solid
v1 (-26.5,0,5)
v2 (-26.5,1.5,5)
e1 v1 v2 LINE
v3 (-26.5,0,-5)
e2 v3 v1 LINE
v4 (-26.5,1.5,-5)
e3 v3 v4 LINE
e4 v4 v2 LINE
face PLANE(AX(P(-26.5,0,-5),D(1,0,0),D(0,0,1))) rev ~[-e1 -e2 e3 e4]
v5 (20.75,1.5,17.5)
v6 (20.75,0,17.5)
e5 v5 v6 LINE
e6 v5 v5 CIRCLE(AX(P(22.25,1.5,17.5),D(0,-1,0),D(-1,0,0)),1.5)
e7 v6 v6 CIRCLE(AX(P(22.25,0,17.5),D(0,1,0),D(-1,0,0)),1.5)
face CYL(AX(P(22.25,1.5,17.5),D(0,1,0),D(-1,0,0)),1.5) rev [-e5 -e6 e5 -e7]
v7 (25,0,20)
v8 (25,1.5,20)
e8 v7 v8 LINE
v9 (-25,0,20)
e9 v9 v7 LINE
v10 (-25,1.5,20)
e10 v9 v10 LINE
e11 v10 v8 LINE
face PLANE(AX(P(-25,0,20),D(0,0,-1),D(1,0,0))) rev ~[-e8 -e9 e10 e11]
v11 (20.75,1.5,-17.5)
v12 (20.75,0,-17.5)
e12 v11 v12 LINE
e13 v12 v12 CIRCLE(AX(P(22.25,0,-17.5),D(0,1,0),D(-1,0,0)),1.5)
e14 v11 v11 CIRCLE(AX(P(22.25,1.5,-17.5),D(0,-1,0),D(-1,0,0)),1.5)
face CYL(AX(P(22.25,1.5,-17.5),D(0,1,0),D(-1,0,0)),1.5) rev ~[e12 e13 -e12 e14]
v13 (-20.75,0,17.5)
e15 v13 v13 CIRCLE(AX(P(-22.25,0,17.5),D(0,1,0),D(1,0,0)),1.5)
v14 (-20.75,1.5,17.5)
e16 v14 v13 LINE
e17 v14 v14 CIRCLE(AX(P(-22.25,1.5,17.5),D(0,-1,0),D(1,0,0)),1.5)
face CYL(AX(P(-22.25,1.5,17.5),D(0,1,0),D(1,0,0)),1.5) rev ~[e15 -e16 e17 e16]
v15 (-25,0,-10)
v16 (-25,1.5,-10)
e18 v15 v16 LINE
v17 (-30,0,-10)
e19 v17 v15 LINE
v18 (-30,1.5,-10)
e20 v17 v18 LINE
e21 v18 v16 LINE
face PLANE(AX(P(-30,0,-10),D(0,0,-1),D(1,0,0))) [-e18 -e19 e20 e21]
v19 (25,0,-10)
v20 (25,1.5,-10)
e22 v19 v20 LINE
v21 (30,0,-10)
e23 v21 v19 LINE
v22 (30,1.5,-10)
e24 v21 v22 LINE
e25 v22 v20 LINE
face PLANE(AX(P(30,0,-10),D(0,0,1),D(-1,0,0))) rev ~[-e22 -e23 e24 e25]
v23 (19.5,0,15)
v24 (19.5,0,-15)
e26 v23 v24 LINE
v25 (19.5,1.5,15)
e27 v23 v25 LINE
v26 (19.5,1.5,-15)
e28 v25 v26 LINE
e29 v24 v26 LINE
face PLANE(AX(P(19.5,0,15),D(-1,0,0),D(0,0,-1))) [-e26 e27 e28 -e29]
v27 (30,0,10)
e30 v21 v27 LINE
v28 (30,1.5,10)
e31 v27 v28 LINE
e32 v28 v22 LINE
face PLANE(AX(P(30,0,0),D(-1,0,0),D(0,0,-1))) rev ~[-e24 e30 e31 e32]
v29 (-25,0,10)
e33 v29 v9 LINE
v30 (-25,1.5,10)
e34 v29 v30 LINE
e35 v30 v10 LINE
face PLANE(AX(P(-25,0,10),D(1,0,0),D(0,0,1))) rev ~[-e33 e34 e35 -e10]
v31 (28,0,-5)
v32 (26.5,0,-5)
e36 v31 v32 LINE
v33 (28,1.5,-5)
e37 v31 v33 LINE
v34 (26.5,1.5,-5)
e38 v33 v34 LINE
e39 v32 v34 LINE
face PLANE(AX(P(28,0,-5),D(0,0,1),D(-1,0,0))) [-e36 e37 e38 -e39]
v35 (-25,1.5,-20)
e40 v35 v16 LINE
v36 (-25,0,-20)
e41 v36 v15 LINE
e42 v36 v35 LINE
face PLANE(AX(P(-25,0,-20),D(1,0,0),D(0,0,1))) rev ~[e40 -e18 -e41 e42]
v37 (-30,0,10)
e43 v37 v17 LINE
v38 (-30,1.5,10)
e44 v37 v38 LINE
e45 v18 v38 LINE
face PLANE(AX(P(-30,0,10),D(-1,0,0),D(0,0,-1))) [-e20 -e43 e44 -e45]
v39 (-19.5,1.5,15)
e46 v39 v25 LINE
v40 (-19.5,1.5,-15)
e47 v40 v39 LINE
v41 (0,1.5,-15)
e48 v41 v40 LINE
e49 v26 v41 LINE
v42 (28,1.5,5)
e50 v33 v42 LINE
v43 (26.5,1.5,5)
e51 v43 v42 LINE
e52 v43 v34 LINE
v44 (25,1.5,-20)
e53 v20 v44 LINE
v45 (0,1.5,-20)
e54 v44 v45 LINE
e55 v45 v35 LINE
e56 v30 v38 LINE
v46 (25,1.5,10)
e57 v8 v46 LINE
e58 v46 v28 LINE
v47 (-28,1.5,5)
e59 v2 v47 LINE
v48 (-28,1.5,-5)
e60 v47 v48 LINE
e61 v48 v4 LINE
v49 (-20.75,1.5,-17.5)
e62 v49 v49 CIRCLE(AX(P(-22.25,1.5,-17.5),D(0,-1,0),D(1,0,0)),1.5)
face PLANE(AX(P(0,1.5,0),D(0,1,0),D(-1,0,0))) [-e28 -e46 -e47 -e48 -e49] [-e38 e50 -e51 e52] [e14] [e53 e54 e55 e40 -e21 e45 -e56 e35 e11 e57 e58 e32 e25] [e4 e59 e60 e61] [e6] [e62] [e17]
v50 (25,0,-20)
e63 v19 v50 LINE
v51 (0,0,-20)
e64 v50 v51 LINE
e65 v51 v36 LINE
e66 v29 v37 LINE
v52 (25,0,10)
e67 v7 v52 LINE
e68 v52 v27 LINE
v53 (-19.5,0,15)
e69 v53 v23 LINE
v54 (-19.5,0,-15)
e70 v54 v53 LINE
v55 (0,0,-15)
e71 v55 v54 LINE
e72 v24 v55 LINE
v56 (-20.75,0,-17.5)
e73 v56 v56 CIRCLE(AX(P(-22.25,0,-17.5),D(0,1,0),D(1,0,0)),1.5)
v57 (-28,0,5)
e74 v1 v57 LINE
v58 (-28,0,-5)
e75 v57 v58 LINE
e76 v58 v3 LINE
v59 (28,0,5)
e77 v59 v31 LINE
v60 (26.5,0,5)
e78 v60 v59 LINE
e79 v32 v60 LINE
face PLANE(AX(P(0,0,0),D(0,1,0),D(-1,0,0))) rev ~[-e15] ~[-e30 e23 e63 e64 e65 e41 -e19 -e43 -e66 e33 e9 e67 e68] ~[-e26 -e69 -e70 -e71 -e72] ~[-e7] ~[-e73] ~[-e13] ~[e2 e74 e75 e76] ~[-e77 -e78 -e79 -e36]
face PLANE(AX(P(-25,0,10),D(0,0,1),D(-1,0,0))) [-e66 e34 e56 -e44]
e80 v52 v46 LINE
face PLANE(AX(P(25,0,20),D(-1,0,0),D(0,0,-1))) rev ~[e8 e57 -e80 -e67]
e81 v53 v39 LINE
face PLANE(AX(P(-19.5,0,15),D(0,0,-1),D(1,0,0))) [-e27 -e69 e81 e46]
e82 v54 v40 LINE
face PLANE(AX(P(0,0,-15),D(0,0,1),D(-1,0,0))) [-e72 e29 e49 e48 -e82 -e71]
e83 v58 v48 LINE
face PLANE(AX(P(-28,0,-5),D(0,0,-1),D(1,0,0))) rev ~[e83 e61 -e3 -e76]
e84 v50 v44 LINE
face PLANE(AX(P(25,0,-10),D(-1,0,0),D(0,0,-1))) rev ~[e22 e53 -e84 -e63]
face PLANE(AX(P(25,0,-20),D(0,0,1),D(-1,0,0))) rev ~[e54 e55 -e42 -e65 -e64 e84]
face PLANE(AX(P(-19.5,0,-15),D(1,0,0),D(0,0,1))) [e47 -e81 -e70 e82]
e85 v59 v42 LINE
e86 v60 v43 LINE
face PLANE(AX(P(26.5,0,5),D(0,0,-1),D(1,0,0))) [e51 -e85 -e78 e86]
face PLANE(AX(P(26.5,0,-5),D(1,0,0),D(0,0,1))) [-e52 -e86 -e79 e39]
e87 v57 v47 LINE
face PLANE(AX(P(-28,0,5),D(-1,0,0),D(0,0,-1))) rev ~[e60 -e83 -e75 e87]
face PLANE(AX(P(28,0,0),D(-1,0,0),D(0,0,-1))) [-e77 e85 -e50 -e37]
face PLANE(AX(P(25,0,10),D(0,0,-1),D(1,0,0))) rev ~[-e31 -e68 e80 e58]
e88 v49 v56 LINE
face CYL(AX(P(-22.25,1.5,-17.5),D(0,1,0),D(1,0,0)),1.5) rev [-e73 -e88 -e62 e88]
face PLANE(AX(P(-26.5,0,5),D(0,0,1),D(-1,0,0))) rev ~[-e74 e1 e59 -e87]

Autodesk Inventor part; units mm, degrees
ref_plane "YZ Plane" through (0, 0, 0) normal (1, 0, 0) x (0, 1, 0)
sketch "Sketch1" plane through (0, 0, 0) normal (0, 1, 0) x (-1, 0, 0)
  circle A0 centre (0, 0) radius 8.5
  line L0 (19.5, 15) -> (-19.5, 15)
  line L1 (-19.5, 15) -> (-19.5, -15)
  line L2 (-19.5, -15) -> (19.5, -15)
  line L3 (19.5, -15) -> (19.5, 15)
  line L4 (19.5, 15) -> (-19.5, -15) construction
  line L5 (-19.5, 15) -> (19.5, -15) construction
  line L6 (25, 20) -> (-25, 20)
  line L7 (-25, 20) -> (-25, -20)
  line L8 (-25, -20) -> (25, -20)
  line L9 (25, -20) -> (25, 20)
  line L10 (25, 20) -> (-25, -20) construction
  line L11 (-25, 20) -> (25, -20) construction
  line L12 (-25, 0) -> (-30, 0)
  line L13 (-30, 0) -> (-30, -10)
  line L14 (-30, -10) -> (-25, -10)
  line L15 (-25, -10) -> (-25, 0)
  line L16 (-30, 0) -> (-25, 0)
  line L17 (-25, 0) -> (-25, 10)
  line L18 (-25, 10) -> (-30, 10)
  line L19 (-30, 10) -> (-30, 0)
  line L20 (-25, 10) -> (-25, 5)
  line L21 (-25, 5) -> (-26.5, 5)
  line L22 (-26.5, 5) -> (-28, 5)
  line L23 (-28, 5) -> (-28, -5)
  line L24 (-28, -5) -> (-26.5, -5)
  line L25 (-26.5, -5) -> (-26.5, 5)
  line L26 (0, 0) -> (0, -20)
  line L27 (30, 0) -> (30, -10)
  line L28 (30, -10) -> (25, -10)
  line L29 (25, 10) -> (30, 10)
  line L30 (30, 10) -> (30, 0)
  line L31 (26.5, 5) -> (28, 5)
  line L32 (28, 5) -> (28, -5)
  line L33 (28, -5) -> (26.5, -5)
  line L34 (26.5, -5) -> (26.5, 5)
  dimension "d0" = 17
  dimension "d1" = 39
  dimension "d2" = 30
  dimension "d3" = 50
  dimension "d4" = 40
  dimension "d5" = 5
  dimension "d6" = 10
  dimension "d7" = 5
  dimension "d8" = 10
  dimension "d9" = 5
  dimension "d10" = 1.5
  dimension "d11" = 1.5
  dimension "d12" = 10
extrude "Extrusion1" add sketch "Sketch1" along normal blind 1.5 contours L8 L7 L6 L9 | L14 L13 L12 L23 L24 L25 L7 | L9 L29 L30 L27 L28 | L12 L25 L21 L7 | L21 L22 L23 L12 L19 L18 L7
sketch "Sketch2" plane through (0, 1.5, 0) normal (0, 1, 0) x (1, 0, 0)
  line L0 (19.5, -15) -> (-19.5, -15) projected
  line L1 (-19.5, -15) -> (-22.25, -15)
  line L2 (-22.25, -15) -> (-22.25, -17.5)
  line L3 (-25, -20) -> (25, -20) projected
  circle A0 centre (-22.25, -17.5) radius 1.5
  point P0 (0, 0)
  dimension "d15" = 2.75
  dimension "d16" = 2.5
  dimension "d17" = 3
extrude "Extrusion2" cut sketch "Sketch2" against normal blind 1.5
ref_plane "Work Plane1" through (0, 0, 10) normal (-1, 0, 0) x (0, 0, 1)
ref_plane "Work Plane2" through (25, 0, 0) normal (0, 0, -1) x (-1, 0, 0)
mirror "Mirror1" about plane through (0, 0, 10) normal (-1, 0, 0) of "Extrusion2"
mirror "Mirror2" about plane through (25, 0, 0) normal (0, 0, -1) of "Extrusion2", "Mirror1"
ref_plane "Work Plane3" through (0, 0, 10) normal (-1, 0, 0) x (0, 0, 1)
ref_plane "Work Plane4" through (0, 0, -10) normal (1, 0, 0) x (0, 0, -1)
ref_plane "Work Plane5" through (0, 0, -10) normal (1, 0, 0) x (0, 0, -1)
properties part number "topBearingHolder"
